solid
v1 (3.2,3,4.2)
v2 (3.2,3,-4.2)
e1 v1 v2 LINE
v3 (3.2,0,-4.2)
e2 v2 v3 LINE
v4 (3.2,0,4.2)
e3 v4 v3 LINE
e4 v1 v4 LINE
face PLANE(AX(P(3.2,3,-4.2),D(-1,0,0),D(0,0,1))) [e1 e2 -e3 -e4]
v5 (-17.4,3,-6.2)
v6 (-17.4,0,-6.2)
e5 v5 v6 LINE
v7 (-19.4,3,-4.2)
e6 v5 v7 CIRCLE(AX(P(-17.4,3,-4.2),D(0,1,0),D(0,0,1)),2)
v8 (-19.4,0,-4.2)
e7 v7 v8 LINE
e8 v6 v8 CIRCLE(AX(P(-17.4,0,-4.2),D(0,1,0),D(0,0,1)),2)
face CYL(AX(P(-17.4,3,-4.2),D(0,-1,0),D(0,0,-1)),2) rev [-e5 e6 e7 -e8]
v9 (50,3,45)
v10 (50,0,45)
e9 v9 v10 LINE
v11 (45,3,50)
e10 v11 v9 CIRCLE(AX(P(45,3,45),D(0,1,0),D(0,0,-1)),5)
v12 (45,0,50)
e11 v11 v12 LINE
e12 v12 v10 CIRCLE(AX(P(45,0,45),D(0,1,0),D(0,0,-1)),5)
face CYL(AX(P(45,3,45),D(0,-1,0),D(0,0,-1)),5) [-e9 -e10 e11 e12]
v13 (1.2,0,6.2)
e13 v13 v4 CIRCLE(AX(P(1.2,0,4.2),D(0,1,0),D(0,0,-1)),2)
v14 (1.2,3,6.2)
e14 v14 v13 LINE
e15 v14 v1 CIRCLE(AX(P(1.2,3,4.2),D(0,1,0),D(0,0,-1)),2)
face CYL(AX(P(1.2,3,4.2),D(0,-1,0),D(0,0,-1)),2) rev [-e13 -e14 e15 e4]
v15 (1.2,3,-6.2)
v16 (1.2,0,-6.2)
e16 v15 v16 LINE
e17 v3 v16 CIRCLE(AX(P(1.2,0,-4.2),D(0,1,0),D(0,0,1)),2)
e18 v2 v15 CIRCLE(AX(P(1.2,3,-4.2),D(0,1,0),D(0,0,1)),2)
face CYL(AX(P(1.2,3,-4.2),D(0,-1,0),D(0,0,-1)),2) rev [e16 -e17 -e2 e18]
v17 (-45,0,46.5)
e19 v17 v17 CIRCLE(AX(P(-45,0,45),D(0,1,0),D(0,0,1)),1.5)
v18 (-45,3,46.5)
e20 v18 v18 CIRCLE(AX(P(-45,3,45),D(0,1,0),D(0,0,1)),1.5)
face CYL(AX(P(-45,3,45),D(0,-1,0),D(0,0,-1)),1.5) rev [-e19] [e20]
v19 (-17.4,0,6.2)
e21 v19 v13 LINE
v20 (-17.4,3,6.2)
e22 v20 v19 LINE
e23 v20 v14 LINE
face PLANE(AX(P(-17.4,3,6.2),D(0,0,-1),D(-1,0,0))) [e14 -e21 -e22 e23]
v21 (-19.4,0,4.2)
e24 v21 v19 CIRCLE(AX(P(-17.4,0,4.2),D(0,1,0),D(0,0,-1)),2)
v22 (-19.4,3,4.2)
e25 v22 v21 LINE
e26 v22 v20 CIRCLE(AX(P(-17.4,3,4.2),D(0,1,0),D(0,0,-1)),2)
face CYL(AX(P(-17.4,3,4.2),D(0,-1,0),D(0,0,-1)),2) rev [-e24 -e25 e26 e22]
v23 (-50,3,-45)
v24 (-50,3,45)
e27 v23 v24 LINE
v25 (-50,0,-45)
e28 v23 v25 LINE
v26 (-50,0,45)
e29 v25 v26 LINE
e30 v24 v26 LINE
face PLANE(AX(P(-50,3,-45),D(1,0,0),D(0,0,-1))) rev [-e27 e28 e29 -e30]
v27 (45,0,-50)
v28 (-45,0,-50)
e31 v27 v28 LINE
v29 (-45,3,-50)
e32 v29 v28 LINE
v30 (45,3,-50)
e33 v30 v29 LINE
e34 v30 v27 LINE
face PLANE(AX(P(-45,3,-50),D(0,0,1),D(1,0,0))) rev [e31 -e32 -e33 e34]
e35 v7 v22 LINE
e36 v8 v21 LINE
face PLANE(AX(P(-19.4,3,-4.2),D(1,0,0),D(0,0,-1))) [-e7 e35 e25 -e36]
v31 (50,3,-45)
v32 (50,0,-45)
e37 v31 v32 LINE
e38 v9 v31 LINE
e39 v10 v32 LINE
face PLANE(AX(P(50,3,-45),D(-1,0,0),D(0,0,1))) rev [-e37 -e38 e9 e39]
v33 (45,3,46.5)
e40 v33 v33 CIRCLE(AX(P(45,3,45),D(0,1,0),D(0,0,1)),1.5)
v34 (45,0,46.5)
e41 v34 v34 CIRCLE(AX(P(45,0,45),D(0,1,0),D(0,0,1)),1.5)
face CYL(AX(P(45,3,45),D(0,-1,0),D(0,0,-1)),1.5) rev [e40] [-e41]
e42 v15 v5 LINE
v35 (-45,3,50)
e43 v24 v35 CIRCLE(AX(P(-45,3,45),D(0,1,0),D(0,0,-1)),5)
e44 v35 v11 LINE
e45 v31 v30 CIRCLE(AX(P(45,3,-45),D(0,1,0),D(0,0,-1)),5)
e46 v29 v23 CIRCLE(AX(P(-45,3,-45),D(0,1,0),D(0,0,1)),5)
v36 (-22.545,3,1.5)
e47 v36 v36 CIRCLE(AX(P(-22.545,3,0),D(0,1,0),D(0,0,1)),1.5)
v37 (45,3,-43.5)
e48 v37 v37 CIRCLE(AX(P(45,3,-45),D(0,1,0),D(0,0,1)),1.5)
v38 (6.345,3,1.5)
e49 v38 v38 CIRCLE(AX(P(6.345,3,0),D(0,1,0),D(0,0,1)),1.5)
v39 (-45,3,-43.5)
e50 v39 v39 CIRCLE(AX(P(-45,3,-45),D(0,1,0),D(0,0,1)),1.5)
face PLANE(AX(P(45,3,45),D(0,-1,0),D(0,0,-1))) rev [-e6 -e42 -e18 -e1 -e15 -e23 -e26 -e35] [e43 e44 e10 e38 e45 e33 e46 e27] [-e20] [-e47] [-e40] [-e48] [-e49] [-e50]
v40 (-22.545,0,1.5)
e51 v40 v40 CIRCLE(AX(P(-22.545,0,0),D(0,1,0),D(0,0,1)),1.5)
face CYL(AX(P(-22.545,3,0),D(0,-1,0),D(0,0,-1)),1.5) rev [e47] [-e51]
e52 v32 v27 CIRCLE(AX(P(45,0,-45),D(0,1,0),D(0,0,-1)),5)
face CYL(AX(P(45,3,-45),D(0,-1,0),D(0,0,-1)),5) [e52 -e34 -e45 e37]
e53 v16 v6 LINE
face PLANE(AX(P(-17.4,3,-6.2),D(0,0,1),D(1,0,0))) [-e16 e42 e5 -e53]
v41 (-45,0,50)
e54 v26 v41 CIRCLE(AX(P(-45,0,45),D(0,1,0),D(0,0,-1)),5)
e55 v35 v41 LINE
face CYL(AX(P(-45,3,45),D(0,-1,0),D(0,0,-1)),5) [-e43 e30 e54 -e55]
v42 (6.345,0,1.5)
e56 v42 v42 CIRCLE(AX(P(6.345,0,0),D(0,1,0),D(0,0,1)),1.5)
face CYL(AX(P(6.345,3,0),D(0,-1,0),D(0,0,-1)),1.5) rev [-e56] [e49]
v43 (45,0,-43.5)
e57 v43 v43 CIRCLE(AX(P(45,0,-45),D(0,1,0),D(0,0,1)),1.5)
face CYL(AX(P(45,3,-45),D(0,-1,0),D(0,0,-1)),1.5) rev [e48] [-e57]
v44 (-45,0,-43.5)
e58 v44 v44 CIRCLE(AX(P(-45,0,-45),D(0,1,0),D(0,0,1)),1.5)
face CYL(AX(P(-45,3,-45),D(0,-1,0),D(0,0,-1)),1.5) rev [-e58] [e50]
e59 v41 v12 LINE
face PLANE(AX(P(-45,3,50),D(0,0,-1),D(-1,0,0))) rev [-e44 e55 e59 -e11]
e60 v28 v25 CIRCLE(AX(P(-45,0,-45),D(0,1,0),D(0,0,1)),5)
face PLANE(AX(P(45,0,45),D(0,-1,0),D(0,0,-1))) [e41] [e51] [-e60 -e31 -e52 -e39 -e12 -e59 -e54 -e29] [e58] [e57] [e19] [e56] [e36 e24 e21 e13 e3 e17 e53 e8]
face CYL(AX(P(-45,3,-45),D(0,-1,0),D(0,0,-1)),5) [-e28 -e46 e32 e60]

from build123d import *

# Parameters (mm, degrees)
SKETCH_1_R      = 1.5
EXTRUDE_1_DEPTH = 3


with BuildPart() as part:
    # 草图1 → 凸台-拉伸1 (new body)
    with BuildSketch(Plane(origin=(0, 0, 0), x_dir=(1, 0, 0), z_dir=(0, 1, 0))):
        with BuildLine():
            Line((-45, 50), (45, 50))
            ThreePointArc((45, 50), (48.535533906, 48.535533906), (50, 45))
            Line((50, 45), (50, -45))
            ThreePointArc((50, -45), (48.535533906, -48.535533906), (45, -50))
            Line((45, -50), (-45, -50))
            ThreePointArc((-45, -50), (-48.535533906, -48.535533906), (-50, -45))
            Line((-50, -45), (-50, 45))
            ThreePointArc((-50, 45), (-48.535533906, 48.535533906), (-45, 50))
        make_face()
        with Locations(Location((-45, 45, 0), (0, 0, 270))):
            Circle(SKETCH_1_R, mode=Mode.SUBTRACT)
        with Locations(Location((45, 45, 0), (0, 0, 270))):
            Circle(SKETCH_1_R, mode=Mode.SUBTRACT)
        with Locations(Location((-45, -45, 0), (0, 0, 270))):
            Circle(SKETCH_1_R, mode=Mode.SUBTRACT)
        with Locations(Location((45, -45, 0), (0, 0, 270))):
            Circle(SKETCH_1_R, mode=Mode.SUBTRACT)
        with Locations(Location((6.345, 0, 0), (0, 0, 270))):
            Circle(SKETCH_1_R, mode=Mode.SUBTRACT)
        with Locations(Location((-22.545, 0, 0), (0, 0, 270))):
            Circle(SKETCH_1_R, mode=Mode.SUBTRACT)
        with BuildLine():
            Line((-17.4, 6.2), (1.2, 6.2))
            ThreePointArc((1.2, 6.2), (2.614213562, 5.614213562), (3.2, 4.2))
            Line((3.2, 4.2), (3.2, -4.2))
            ThreePointArc((3.2, -4.2), (2.614213562, -5.614213562), (1.2, -6.2))
            Line((1.2, -6.2), (-17.4, -6.2))
            ThreePointArc((-17.4, -6.2), (-18.814213562, -5.614213562), (-19.4, -4.2))
            Line((-19.4, -4.2), (-19.4, 4.2))
            ThreePointArc((-19.4, 4.2), (-18.814213562, 5.614213562), (-17.4, 6.2))
        make_face(mode=Mode.SUBTRACT)
    extrude(amount=EXTRUDE_1_DEPTH)


solid = part.part
